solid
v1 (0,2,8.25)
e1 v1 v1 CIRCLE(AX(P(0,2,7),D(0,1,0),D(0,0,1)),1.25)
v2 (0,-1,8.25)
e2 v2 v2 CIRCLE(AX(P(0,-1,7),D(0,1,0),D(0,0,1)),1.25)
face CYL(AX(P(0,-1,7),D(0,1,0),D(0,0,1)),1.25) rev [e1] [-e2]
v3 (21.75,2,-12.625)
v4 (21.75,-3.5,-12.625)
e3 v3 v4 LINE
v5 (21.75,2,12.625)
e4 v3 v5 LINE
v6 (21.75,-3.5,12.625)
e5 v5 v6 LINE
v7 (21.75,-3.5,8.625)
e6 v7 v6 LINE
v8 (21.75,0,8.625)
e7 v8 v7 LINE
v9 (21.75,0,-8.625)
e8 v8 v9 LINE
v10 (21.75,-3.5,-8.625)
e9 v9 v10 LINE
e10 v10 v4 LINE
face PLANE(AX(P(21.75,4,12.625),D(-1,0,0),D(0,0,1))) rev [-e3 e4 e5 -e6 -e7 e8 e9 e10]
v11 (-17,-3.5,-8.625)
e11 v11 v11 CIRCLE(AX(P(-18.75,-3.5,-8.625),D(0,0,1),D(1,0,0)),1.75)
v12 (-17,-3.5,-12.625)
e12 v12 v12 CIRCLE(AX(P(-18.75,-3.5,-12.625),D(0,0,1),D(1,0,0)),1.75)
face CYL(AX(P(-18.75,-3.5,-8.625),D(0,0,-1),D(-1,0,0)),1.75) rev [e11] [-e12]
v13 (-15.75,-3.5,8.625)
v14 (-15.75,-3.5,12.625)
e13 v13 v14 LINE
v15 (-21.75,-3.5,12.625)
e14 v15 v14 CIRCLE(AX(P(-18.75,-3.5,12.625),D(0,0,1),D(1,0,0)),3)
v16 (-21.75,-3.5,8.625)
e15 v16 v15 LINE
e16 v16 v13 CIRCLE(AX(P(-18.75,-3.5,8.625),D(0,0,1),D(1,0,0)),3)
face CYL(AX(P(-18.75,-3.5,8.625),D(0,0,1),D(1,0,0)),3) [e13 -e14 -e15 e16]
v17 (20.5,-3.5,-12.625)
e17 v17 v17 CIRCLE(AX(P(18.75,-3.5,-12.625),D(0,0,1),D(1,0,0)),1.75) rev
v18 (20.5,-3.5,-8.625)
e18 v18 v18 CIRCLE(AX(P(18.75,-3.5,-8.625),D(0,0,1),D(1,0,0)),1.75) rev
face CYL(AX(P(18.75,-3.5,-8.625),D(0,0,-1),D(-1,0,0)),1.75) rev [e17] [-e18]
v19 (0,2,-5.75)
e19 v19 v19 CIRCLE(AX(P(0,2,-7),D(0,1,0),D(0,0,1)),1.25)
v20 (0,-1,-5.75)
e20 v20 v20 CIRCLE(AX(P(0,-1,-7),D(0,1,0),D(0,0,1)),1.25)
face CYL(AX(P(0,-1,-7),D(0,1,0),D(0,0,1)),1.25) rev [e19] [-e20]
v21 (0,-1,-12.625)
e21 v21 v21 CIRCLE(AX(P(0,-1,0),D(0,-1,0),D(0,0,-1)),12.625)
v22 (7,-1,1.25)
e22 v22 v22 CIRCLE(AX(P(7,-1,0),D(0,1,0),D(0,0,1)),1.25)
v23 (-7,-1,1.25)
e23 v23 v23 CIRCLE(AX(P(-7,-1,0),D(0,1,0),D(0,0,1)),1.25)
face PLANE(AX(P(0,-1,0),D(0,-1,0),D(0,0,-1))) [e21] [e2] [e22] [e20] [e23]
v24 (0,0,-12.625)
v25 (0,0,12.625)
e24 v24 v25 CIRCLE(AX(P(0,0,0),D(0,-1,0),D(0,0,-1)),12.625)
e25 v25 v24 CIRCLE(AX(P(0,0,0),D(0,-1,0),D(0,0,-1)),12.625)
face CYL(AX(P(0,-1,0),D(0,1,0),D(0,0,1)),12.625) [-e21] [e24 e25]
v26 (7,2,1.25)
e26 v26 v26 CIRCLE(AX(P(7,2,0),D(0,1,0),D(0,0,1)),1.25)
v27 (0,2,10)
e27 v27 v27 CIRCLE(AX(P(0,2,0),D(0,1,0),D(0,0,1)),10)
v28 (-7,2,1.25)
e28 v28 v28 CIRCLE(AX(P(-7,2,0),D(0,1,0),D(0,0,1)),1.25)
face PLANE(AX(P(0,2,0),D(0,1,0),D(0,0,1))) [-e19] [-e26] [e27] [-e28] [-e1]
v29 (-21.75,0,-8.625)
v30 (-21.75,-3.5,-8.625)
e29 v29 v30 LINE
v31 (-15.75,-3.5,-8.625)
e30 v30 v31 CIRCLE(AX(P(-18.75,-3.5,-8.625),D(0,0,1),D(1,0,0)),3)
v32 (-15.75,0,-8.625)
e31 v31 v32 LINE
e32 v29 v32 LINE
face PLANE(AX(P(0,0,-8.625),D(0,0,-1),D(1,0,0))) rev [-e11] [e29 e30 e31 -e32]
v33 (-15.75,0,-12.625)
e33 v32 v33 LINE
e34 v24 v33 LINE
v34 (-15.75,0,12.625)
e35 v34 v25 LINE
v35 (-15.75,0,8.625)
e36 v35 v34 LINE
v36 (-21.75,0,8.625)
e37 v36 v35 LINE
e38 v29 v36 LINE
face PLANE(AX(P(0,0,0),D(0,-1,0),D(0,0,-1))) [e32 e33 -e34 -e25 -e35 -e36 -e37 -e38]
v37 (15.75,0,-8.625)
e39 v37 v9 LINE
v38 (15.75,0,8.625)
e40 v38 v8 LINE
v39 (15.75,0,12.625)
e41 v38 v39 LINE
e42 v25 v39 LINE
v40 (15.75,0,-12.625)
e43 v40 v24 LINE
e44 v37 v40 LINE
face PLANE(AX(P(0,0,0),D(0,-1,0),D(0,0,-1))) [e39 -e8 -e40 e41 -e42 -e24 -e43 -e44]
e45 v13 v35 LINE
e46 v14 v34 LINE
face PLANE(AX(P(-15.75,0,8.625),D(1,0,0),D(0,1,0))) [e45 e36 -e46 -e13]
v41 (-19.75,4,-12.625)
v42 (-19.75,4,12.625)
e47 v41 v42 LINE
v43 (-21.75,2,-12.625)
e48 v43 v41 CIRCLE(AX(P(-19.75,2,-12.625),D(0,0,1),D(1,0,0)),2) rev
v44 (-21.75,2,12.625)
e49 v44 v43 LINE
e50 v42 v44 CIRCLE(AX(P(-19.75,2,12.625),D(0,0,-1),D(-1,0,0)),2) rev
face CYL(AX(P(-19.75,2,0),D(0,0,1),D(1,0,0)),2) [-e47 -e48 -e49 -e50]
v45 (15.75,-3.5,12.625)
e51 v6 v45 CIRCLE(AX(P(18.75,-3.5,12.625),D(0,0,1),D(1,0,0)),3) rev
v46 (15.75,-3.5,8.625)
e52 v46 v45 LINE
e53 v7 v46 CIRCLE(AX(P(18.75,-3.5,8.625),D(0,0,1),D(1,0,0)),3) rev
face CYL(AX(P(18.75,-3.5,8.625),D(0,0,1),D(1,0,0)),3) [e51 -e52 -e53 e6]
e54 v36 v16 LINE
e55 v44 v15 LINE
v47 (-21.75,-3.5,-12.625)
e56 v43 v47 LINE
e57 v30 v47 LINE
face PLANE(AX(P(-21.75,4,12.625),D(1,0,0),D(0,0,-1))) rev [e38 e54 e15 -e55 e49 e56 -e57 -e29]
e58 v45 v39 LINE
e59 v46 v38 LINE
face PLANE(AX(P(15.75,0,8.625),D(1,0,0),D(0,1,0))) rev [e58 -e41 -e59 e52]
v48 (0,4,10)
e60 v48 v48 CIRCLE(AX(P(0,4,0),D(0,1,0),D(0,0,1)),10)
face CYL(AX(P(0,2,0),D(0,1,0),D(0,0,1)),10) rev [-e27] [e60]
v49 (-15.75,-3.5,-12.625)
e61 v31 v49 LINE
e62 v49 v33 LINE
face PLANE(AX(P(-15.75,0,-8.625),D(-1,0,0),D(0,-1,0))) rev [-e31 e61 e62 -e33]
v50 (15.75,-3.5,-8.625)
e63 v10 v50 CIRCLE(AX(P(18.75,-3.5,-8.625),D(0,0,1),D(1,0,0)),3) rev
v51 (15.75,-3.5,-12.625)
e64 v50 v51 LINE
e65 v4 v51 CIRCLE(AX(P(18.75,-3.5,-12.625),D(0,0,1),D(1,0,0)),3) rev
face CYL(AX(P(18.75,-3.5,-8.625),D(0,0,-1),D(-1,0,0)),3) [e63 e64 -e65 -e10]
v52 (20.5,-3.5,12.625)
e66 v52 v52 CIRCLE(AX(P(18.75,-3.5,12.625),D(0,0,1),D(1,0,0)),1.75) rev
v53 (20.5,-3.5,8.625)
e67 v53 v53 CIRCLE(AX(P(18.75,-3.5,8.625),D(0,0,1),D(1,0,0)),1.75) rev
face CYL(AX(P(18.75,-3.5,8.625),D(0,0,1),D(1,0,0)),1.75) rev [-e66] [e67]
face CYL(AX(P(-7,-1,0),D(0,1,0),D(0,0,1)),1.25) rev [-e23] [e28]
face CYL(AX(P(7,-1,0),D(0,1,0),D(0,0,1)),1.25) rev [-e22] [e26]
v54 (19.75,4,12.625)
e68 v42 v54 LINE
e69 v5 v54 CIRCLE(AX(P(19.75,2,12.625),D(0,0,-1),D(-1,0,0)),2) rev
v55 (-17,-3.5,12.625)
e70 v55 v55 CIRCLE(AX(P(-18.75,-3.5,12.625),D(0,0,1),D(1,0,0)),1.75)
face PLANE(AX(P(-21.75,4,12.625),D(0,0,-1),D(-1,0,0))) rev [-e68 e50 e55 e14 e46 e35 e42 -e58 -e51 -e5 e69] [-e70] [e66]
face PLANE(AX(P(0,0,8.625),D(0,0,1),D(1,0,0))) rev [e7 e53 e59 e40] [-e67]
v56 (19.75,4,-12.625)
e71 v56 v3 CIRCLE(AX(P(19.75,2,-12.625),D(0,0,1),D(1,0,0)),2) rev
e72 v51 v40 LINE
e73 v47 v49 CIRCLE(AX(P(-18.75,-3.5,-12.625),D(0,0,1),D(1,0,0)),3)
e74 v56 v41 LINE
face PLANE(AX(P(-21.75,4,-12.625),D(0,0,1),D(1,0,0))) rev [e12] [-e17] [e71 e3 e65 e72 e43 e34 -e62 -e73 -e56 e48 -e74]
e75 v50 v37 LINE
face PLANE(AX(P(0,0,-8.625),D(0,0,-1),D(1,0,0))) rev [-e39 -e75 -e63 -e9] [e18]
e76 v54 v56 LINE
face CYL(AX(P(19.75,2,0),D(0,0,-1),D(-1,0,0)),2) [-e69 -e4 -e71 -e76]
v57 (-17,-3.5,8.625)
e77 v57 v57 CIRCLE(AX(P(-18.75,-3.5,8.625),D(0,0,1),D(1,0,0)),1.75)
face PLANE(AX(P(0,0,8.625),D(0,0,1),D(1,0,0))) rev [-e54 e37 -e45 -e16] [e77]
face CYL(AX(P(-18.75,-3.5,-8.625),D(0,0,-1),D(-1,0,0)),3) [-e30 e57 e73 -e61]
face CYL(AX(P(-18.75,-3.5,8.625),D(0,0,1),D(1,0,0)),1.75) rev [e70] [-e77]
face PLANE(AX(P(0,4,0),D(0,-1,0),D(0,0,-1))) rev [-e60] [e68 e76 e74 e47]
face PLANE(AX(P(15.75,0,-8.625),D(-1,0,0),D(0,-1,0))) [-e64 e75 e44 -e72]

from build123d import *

# Parameters (mm, degrees)
SKETCH1_W           = 43.5
SKETCH1_H           = 25.25
BOSS_EXTRUDE1_DEPTH = 4
SKETCH5_R           = 10
CUT_EXTRUDE3_DEPTH  = 2
SKETCH6_R           = 12.625
BOSS_EXTRUDE3_DEPTH = 1
SKETCH2_R           = 1.25
CUT_EXTRUDE4_DEPTH  = 26.640848757
SKETCH4_R           = 1.75
BOSS_EXTRUDE2_DEPTH = 4
FILLET1_R           = 2


with BuildPart() as part:
    # Sketch1 → Boss-Extrude1 (new body)
    with BuildSketch(Plane(origin=(0, 0, 0), x_dir=(1, 0, 0), z_dir=(0, 1, 0))):
        Rectangle(SKETCH1_W, SKETCH1_H)
    extrude(amount=BOSS_EXTRUDE1_DEPTH)

    # Sketch5 → Cut-Extrude3 (cut)
    with BuildSketch(Plane(origin=(0, 4, 0), x_dir=(1, 0, 0), z_dir=(0, 1, 0))):
        with Locations(Location((0, 0, 0), (0, 0, 270))):
            Circle(SKETCH5_R)
    extrude(amount=-CUT_EXTRUDE3_DEPTH, mode=Mode.SUBTRACT)

    # Sketch6 → Boss-Extrude3 (add)
    with BuildSketch(Plane.XZ):
        with Locations(Location((0, 0, 0), (0, 0, 270))):
            Circle(SKETCH6_R)
    extrude(amount=BOSS_EXTRUDE3_DEPTH)

    # Sketch2 → Cut-Extrude4 (cut, through all)
    with BuildSketch(Plane(origin=(0, 4, 0), x_dir=(1, 0, 0), z_dir=(0, 1, 0))):
        with Locations(Location((0, 7, 0), (0, 0, 270))):
            Circle(SKETCH2_R)
        with Locations(Location((7, 0, 0), (0, 0, 270))):
            Circle(SKETCH2_R)
        with Locations(Location((0, -7, 0), (0, 0, 270))):
            Circle(SKETCH2_R)
        with Locations(Location((-7, 0, 0), (0, 0, 270))):
            Circle(SKETCH2_R)
    extrude(amount=-CUT_EXTRUDE4_DEPTH, mode=Mode.SUBTRACT)

    # Sketch4 → Boss-Extrude2 (add)
    # profile 1 of 2: a face of its own
    with BuildSketch(Plane.XY.offset(12.625)):
        with BuildLine():
            Line((-21.75, 0), (-15.75, 0))
            Line((-15.75, 0), (-15.75, -3.5))
            ThreePointArc((-15.75, -3.5), (-18.75, -6.5), (-21.75, -3.5))
            Line((-21.75, -3.5), (-21.75, 0))
        make_face()
        with Locations((-18.75, -3.5)):
            Circle(SKETCH4_R, mode=Mode.SUBTRACT)
    # profile 2 of 2: a face of its own
    with BuildSketch(Plane.XY.offset(12.625)):
        with BuildLine():
            Line((21.75, 0), (21.75, -3.5))
            ThreePointArc((21.75, -3.5), (18.75, -6.5), (15.75, -3.5))
            Line((15.75, -3.5), (15.75, 0))
            Line((15.75, 0), (21.75, 0))
        make_face()
        with Locations((18.75, -3.5)):
            Circle(SKETCH4_R, mode=Mode.SUBTRACT)
    boss_extrude2 = extrude(amount=-BOSS_EXTRUDE2_DEPTH)

    # Mirror1: Boss-Extrude2 across plane
    add(boss_extrude2.mirror(Plane.XY))

    # Fillet1
    fillet1_edges = [part.edges().sort_by_distance(p)[0] for p in [
        (-21.75, 4, 0),
        (21.75, 4, 0),
    ]]
    fillet(fillet1_edges, radius=FILLET1_R)


solid = part.part
